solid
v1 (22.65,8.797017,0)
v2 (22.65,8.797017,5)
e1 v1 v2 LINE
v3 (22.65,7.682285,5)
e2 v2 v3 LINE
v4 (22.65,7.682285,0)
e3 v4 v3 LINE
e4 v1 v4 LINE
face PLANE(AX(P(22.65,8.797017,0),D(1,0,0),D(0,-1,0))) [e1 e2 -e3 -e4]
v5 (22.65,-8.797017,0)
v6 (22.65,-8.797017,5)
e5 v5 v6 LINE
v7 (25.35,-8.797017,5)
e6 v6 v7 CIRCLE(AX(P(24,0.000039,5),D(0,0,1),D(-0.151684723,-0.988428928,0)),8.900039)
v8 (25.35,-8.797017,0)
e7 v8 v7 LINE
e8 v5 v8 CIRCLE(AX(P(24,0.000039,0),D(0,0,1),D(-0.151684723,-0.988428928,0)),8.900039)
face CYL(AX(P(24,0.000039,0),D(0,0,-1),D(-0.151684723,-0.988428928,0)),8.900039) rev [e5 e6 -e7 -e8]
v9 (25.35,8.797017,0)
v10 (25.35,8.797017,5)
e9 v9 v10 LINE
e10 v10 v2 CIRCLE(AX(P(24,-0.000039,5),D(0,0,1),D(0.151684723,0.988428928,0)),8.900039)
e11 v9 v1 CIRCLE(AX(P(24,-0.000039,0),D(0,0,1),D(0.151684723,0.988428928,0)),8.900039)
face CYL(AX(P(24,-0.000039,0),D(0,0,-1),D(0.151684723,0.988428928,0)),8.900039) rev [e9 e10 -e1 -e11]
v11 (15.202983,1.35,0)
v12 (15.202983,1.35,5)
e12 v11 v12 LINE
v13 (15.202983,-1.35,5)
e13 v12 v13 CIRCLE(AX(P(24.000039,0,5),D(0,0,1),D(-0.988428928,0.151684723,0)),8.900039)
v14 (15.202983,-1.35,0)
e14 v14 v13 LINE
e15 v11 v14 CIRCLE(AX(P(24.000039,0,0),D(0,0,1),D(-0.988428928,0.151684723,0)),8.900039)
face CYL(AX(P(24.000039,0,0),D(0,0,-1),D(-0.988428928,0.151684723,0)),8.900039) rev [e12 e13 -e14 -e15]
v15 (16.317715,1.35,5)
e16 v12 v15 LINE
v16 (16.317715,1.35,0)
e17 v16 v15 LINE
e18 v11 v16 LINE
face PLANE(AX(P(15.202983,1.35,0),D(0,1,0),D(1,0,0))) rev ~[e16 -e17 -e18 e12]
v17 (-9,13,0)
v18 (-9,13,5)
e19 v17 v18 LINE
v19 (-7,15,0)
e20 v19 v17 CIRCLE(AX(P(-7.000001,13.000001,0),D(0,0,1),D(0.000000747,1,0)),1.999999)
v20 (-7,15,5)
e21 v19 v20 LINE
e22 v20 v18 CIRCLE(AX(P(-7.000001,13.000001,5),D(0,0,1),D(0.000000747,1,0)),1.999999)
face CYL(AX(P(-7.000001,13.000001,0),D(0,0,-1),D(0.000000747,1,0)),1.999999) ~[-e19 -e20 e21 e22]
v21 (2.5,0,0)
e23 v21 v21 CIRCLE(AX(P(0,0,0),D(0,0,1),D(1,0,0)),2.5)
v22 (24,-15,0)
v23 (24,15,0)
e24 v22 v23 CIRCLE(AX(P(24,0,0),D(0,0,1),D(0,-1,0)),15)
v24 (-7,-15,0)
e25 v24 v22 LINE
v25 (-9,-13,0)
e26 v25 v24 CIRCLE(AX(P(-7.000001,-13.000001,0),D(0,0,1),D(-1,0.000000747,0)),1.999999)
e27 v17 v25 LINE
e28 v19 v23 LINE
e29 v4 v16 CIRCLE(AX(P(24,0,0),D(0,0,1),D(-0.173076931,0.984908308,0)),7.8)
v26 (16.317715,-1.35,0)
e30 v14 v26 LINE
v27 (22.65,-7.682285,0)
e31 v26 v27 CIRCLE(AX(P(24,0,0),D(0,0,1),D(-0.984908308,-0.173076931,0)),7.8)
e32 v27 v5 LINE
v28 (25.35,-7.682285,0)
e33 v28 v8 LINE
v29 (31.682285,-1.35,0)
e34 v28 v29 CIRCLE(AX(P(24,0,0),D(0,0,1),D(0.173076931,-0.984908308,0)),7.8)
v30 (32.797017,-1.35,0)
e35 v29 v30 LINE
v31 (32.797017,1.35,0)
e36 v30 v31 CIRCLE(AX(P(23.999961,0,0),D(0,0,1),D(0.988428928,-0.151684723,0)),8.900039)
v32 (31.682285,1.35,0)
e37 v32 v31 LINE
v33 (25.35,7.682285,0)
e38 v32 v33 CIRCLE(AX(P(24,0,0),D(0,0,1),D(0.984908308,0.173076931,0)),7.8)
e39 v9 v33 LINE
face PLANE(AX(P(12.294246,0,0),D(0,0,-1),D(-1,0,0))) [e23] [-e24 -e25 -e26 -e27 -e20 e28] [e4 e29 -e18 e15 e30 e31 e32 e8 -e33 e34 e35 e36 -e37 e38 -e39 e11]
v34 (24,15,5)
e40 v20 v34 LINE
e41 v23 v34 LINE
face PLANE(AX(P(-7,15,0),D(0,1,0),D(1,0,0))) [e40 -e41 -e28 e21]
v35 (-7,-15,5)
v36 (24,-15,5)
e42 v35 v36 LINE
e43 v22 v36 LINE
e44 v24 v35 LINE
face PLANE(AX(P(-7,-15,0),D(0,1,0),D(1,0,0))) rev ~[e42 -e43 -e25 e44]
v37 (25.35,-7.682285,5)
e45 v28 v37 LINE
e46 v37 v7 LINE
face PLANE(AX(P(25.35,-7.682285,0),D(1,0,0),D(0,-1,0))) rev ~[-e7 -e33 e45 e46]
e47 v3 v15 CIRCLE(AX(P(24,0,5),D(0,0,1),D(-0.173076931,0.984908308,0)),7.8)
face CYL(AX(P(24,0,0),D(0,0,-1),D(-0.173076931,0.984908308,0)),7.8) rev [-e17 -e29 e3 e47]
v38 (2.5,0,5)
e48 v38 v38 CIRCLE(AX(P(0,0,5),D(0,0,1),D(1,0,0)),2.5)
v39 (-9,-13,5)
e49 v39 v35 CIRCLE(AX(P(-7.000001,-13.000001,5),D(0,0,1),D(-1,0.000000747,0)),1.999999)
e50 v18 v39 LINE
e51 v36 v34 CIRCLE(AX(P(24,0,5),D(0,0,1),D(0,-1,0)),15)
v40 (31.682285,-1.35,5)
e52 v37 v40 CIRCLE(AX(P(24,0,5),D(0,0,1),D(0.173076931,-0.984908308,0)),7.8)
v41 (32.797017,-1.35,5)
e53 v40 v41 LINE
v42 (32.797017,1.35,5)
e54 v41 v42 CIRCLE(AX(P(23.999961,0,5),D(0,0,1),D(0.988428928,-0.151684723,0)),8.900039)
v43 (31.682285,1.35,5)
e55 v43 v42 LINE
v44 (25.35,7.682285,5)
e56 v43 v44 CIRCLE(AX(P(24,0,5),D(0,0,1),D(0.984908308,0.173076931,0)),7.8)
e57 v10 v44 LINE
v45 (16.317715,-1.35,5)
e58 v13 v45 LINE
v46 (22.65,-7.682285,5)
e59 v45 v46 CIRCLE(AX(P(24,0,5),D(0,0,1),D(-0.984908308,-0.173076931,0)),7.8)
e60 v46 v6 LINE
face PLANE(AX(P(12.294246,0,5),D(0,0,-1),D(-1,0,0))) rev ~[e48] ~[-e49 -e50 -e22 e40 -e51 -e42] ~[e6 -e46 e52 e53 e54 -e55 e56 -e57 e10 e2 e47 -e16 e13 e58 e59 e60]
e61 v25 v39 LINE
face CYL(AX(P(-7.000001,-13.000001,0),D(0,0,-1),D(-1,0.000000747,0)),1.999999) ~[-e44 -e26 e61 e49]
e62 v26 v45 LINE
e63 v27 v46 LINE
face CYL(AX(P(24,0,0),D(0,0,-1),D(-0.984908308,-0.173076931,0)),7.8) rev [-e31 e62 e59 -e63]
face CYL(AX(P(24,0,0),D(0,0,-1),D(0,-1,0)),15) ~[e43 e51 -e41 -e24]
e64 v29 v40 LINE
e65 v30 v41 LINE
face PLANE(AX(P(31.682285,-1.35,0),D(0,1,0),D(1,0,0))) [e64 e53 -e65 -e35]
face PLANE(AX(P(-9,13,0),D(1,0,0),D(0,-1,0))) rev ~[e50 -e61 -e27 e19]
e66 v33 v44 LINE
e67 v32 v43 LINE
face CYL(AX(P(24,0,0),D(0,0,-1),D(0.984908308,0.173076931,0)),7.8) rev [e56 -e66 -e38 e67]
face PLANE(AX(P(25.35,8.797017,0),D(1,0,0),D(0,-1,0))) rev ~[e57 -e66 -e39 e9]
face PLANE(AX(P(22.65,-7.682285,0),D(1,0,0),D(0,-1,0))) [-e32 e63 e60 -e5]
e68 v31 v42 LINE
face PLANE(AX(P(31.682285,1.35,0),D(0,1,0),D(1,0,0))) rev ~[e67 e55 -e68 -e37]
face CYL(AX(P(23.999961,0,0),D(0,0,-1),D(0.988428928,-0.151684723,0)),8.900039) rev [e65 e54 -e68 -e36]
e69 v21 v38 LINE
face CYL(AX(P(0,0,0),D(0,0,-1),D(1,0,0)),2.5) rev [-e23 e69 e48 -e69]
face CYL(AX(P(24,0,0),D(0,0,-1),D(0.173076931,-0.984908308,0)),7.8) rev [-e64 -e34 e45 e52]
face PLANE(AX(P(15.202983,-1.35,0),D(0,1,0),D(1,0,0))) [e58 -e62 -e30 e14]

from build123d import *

# Parameters (mm, degrees)
SKETCH_R  = 2.5
PAD_DEPTH = 5


with BuildPart() as part:
    # Sketch → Pad (new body)
    with BuildSketch(Plane.XY):
        with BuildLine():
            Line((-7, 15), (24, 15))
            ThreePointArc((24, -15), (39, 0), (24, 15))
            Line((-7, -15), (24, -15))
            ThreePointArc((-9, -13), (-8.414214, -14.414214), (-7, -15))
            Line((-9, 13), (-9, -13))
            ThreePointArc((-7, 15), (-8.414214, 14.414214), (-9, 13))
        make_face()
        Circle(SKETCH_R, mode=Mode.SUBTRACT)
        with BuildLine():
            ThreePointArc((16.317715, -1.35), (18.484567, -5.515433), (22.65, -7.682285))
            Line((22.65, -7.682285), (22.65, -8.797017))
            ThreePointArc((22.65, -8.797017), (24, -8.9), (25.35, -8.797017))
            Line((25.35, -7.682285), (25.35, -8.797017))
            ThreePointArc((25.35, -7.682285), (29.515433, -5.515433), (31.682285, -1.35))
            Line((31.682285, -1.35), (32.797017, -1.35))
            ThreePointArc((32.797017, -1.35), (32.9, 0), (32.797017, 1.35))
            Line((31.682285, 1.35), (32.797017, 1.35))
            ThreePointArc((31.682285, 1.35), (29.515433, 5.515433), (25.35, 7.682285))
            Line((25.35, 8.797017), (25.35, 7.682285))
            ThreePointArc((25.35, 8.797017), (24, 8.9), (22.65, 8.797017))
            Line((22.65, 8.797017), (22.65, 7.682285))
            ThreePointArc((22.65, 7.682285), (18.484567, 5.515433), (16.317715, 1.35))
            Line((15.202983, 1.35), (16.317715, 1.35))
            ThreePointArc((15.202983, 1.35), (15.1, 0), (15.202983, -1.35))
            Line((15.202983, -1.35), (16.317715, -1.35))
        make_face(mode=Mode.SUBTRACT)
    extrude(amount=PAD_DEPTH)


solid = part.part
